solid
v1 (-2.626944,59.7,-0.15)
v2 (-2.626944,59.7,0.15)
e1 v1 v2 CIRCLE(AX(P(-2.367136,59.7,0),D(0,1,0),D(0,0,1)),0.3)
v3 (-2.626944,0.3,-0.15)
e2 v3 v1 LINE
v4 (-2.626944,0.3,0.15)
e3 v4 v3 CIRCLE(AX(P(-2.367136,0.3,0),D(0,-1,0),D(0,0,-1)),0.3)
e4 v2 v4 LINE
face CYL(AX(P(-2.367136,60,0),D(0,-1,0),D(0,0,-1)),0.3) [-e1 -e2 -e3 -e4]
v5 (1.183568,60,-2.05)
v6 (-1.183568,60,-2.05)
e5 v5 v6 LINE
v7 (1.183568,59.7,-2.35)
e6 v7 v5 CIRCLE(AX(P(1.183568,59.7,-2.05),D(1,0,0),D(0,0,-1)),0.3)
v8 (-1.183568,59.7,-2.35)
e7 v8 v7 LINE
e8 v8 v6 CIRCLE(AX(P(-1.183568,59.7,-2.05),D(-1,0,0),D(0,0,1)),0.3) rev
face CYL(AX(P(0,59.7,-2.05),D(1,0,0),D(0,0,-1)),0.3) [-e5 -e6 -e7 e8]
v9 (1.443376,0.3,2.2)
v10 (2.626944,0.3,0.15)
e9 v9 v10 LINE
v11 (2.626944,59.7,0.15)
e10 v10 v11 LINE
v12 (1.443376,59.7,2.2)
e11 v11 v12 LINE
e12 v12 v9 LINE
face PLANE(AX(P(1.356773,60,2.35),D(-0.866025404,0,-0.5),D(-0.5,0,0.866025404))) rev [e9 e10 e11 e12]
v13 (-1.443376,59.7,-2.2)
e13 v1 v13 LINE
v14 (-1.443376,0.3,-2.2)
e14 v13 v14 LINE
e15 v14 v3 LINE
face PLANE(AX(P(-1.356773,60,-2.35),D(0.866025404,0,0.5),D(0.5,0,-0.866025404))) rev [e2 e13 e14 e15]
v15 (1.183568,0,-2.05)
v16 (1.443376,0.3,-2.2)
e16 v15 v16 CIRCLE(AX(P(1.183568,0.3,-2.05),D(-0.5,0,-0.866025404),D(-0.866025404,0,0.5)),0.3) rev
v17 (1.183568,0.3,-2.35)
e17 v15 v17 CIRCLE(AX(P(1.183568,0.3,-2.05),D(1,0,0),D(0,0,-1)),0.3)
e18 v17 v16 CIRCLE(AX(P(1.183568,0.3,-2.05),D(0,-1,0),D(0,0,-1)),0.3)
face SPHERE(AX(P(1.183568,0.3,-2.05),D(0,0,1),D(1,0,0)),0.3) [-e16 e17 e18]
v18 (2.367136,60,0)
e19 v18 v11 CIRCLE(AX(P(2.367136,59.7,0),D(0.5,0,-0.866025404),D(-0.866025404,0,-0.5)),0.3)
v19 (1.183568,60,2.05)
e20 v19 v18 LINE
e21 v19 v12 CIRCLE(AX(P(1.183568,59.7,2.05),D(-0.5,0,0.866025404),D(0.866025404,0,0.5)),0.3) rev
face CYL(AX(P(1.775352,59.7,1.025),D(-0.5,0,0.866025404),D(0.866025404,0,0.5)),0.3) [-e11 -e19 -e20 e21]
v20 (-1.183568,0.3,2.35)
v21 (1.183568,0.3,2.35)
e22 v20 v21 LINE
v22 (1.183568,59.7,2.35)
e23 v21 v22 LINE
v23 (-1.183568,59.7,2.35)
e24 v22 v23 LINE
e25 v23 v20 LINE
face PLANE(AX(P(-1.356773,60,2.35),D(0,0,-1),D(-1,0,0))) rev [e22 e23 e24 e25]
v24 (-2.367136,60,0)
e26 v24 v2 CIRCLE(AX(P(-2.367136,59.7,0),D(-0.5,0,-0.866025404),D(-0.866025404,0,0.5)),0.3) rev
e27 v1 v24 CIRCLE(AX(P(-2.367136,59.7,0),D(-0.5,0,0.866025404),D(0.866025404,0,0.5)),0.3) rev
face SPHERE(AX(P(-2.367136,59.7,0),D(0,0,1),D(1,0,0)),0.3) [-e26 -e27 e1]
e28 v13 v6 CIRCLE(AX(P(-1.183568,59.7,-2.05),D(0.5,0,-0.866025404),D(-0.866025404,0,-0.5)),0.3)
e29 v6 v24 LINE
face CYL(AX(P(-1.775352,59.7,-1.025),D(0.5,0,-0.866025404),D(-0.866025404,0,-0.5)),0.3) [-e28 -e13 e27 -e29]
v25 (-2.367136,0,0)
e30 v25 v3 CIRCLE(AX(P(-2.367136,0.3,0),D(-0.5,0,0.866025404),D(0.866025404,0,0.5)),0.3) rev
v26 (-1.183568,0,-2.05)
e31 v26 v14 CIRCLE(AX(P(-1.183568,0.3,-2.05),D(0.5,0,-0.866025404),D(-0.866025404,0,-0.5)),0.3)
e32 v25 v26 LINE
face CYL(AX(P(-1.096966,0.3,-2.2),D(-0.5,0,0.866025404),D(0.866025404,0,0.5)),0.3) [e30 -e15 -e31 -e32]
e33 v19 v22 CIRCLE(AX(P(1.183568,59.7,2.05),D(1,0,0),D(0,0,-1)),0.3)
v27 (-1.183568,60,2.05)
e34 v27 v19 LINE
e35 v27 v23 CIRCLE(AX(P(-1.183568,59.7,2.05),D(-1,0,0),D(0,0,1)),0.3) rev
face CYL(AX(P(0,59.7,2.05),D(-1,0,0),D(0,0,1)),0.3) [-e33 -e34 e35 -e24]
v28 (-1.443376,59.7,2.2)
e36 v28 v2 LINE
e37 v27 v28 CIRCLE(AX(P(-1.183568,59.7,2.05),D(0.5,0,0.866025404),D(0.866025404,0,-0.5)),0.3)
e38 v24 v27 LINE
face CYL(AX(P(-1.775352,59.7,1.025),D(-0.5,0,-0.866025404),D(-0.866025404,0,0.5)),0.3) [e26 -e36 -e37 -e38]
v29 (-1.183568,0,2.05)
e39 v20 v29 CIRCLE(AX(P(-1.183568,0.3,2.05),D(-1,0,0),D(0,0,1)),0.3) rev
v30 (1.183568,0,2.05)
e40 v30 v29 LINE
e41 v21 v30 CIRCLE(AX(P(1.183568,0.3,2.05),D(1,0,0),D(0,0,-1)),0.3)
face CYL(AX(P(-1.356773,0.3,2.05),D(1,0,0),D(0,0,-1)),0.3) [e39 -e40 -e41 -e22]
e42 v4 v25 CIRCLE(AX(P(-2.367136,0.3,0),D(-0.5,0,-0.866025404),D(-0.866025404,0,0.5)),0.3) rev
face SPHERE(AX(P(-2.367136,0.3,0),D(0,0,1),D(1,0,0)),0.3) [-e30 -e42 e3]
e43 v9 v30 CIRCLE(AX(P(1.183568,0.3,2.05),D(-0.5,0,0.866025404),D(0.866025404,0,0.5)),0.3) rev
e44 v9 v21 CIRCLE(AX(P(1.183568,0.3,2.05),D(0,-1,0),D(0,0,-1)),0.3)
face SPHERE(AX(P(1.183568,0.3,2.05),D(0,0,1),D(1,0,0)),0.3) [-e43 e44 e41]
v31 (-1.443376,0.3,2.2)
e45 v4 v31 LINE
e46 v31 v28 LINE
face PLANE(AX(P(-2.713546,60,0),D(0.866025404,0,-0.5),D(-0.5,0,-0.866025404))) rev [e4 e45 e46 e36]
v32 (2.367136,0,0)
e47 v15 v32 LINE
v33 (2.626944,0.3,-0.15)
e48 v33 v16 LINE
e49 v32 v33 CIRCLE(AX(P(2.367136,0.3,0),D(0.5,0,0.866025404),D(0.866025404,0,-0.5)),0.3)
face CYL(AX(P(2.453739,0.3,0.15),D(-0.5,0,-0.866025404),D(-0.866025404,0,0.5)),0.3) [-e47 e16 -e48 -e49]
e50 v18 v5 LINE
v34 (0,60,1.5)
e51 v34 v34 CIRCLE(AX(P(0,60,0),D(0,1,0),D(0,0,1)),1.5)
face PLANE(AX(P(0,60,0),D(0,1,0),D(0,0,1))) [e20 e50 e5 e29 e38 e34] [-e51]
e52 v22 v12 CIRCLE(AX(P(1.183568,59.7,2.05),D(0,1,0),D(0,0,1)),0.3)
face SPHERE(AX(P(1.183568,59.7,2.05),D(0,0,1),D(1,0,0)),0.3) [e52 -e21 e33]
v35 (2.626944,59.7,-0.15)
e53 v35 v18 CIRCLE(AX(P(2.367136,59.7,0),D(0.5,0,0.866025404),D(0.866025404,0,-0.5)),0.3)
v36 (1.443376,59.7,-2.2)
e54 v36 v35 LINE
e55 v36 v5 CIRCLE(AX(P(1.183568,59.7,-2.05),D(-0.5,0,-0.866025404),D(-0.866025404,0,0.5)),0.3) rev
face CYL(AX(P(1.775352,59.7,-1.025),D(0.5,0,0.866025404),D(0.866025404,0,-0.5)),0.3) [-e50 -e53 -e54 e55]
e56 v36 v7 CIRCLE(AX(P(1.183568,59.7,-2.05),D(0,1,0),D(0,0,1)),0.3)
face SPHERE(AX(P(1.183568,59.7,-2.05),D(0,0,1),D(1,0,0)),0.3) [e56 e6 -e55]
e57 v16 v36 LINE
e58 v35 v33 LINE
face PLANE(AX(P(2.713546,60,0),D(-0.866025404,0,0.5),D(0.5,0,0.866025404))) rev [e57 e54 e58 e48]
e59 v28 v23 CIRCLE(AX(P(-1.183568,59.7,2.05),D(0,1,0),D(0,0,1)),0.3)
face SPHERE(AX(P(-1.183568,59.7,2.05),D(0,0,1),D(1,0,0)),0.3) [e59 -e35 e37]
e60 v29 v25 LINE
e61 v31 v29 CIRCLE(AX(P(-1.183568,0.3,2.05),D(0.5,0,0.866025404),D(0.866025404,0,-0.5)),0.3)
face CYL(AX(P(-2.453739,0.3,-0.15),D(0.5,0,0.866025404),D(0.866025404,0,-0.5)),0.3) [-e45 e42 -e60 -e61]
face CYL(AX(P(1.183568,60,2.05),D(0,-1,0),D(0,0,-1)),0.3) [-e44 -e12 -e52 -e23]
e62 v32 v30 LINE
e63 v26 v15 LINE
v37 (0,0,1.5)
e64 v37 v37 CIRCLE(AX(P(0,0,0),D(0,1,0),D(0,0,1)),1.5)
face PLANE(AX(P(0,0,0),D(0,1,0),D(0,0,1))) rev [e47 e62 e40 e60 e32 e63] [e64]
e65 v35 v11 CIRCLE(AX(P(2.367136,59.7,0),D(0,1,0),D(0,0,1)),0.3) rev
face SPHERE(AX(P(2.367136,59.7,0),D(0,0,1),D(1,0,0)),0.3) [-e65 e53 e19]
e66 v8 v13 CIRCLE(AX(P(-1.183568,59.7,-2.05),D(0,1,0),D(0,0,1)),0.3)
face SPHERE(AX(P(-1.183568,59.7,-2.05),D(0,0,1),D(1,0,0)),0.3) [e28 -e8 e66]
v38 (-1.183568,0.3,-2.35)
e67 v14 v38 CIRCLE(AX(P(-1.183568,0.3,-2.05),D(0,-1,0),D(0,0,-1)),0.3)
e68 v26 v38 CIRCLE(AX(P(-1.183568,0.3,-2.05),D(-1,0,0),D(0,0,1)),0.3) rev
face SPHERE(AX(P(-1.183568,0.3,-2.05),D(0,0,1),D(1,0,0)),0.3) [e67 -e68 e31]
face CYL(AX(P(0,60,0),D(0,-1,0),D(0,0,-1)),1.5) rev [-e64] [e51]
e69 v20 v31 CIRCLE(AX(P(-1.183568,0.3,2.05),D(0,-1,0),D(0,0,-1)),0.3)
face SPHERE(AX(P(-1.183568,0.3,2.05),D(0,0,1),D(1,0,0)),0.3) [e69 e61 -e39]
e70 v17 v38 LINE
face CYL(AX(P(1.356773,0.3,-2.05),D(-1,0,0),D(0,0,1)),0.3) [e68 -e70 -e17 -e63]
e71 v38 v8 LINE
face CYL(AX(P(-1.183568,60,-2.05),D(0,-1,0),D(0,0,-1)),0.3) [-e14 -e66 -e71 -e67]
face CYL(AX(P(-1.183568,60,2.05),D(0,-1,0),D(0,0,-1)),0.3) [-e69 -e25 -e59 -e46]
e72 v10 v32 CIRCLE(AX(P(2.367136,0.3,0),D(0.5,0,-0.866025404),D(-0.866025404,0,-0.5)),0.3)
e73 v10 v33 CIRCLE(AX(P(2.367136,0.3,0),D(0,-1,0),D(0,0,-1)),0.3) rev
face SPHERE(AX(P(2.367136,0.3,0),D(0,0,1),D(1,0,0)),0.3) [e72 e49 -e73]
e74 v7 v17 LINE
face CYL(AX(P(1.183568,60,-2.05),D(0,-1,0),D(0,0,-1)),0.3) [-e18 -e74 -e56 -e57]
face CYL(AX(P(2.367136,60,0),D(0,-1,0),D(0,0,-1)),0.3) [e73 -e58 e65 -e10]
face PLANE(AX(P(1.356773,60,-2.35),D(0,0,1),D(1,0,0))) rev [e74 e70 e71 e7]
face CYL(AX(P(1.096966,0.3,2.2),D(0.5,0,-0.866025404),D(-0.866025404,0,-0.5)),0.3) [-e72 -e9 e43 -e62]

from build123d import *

# Parameters (mm, degrees)
SKETCH_1_R      = 1.5
EXTRUDE_1_DEPTH = 60
FILLET_1_R      = 0.3


with BuildPart() as part:
    # 草图1 → 凸台-拉伸1 (new body)
    with BuildSketch(Plane(origin=(0, 0, 0), x_dir=(1, 0, 0), z_dir=(0, 1, 0))):
        Polygon((2.713546265, 0), (1.356773133, 2.35), (-1.356773133, 2.35), (-2.713546265, 0), (-1.356773133, -2.35), (1.356773133, -2.35), align=None)
        with Locations(Location((0, 0, 0), (0, 0, 270))):
            Circle(SKETCH_1_R, mode=Mode.SUBTRACT)
    extrude(amount=EXTRUDE_1_DEPTH)

    # 圆角1
    fillet_1_edges = [part.edges().sort_by_distance(p)[0] for p in [
        (0, 60, -2.35),
        (1.356773133, 30, 2.35),
        (-1.356773133, 30, 2.35),
        (-2.713546265, 30, 0),
        (-1.356773133, 30, -2.35),
        (1.356773133, 30, -2.35),
        (2.713546265, 30, 0),
        (-2.035159699, 60, -1.175),
        (-2.035159699, 60, 1.175),
        (0, 60, 2.35),
        (2.035159699, 60, 1.175),
        (0, 0, 2.35),
        (-2.035159699, 0, 1.175),
        (-2.035159699, 0, -1.175),
        (2.035159699, 60, -1.175),
        (0, 0, -2.35),
        (2.035159699, 0, -1.175),
        (2.035159699, 0, 1.175),
    ]]
    fillet(fillet_1_edges, radius=FILLET_1_R)


solid = part.part
